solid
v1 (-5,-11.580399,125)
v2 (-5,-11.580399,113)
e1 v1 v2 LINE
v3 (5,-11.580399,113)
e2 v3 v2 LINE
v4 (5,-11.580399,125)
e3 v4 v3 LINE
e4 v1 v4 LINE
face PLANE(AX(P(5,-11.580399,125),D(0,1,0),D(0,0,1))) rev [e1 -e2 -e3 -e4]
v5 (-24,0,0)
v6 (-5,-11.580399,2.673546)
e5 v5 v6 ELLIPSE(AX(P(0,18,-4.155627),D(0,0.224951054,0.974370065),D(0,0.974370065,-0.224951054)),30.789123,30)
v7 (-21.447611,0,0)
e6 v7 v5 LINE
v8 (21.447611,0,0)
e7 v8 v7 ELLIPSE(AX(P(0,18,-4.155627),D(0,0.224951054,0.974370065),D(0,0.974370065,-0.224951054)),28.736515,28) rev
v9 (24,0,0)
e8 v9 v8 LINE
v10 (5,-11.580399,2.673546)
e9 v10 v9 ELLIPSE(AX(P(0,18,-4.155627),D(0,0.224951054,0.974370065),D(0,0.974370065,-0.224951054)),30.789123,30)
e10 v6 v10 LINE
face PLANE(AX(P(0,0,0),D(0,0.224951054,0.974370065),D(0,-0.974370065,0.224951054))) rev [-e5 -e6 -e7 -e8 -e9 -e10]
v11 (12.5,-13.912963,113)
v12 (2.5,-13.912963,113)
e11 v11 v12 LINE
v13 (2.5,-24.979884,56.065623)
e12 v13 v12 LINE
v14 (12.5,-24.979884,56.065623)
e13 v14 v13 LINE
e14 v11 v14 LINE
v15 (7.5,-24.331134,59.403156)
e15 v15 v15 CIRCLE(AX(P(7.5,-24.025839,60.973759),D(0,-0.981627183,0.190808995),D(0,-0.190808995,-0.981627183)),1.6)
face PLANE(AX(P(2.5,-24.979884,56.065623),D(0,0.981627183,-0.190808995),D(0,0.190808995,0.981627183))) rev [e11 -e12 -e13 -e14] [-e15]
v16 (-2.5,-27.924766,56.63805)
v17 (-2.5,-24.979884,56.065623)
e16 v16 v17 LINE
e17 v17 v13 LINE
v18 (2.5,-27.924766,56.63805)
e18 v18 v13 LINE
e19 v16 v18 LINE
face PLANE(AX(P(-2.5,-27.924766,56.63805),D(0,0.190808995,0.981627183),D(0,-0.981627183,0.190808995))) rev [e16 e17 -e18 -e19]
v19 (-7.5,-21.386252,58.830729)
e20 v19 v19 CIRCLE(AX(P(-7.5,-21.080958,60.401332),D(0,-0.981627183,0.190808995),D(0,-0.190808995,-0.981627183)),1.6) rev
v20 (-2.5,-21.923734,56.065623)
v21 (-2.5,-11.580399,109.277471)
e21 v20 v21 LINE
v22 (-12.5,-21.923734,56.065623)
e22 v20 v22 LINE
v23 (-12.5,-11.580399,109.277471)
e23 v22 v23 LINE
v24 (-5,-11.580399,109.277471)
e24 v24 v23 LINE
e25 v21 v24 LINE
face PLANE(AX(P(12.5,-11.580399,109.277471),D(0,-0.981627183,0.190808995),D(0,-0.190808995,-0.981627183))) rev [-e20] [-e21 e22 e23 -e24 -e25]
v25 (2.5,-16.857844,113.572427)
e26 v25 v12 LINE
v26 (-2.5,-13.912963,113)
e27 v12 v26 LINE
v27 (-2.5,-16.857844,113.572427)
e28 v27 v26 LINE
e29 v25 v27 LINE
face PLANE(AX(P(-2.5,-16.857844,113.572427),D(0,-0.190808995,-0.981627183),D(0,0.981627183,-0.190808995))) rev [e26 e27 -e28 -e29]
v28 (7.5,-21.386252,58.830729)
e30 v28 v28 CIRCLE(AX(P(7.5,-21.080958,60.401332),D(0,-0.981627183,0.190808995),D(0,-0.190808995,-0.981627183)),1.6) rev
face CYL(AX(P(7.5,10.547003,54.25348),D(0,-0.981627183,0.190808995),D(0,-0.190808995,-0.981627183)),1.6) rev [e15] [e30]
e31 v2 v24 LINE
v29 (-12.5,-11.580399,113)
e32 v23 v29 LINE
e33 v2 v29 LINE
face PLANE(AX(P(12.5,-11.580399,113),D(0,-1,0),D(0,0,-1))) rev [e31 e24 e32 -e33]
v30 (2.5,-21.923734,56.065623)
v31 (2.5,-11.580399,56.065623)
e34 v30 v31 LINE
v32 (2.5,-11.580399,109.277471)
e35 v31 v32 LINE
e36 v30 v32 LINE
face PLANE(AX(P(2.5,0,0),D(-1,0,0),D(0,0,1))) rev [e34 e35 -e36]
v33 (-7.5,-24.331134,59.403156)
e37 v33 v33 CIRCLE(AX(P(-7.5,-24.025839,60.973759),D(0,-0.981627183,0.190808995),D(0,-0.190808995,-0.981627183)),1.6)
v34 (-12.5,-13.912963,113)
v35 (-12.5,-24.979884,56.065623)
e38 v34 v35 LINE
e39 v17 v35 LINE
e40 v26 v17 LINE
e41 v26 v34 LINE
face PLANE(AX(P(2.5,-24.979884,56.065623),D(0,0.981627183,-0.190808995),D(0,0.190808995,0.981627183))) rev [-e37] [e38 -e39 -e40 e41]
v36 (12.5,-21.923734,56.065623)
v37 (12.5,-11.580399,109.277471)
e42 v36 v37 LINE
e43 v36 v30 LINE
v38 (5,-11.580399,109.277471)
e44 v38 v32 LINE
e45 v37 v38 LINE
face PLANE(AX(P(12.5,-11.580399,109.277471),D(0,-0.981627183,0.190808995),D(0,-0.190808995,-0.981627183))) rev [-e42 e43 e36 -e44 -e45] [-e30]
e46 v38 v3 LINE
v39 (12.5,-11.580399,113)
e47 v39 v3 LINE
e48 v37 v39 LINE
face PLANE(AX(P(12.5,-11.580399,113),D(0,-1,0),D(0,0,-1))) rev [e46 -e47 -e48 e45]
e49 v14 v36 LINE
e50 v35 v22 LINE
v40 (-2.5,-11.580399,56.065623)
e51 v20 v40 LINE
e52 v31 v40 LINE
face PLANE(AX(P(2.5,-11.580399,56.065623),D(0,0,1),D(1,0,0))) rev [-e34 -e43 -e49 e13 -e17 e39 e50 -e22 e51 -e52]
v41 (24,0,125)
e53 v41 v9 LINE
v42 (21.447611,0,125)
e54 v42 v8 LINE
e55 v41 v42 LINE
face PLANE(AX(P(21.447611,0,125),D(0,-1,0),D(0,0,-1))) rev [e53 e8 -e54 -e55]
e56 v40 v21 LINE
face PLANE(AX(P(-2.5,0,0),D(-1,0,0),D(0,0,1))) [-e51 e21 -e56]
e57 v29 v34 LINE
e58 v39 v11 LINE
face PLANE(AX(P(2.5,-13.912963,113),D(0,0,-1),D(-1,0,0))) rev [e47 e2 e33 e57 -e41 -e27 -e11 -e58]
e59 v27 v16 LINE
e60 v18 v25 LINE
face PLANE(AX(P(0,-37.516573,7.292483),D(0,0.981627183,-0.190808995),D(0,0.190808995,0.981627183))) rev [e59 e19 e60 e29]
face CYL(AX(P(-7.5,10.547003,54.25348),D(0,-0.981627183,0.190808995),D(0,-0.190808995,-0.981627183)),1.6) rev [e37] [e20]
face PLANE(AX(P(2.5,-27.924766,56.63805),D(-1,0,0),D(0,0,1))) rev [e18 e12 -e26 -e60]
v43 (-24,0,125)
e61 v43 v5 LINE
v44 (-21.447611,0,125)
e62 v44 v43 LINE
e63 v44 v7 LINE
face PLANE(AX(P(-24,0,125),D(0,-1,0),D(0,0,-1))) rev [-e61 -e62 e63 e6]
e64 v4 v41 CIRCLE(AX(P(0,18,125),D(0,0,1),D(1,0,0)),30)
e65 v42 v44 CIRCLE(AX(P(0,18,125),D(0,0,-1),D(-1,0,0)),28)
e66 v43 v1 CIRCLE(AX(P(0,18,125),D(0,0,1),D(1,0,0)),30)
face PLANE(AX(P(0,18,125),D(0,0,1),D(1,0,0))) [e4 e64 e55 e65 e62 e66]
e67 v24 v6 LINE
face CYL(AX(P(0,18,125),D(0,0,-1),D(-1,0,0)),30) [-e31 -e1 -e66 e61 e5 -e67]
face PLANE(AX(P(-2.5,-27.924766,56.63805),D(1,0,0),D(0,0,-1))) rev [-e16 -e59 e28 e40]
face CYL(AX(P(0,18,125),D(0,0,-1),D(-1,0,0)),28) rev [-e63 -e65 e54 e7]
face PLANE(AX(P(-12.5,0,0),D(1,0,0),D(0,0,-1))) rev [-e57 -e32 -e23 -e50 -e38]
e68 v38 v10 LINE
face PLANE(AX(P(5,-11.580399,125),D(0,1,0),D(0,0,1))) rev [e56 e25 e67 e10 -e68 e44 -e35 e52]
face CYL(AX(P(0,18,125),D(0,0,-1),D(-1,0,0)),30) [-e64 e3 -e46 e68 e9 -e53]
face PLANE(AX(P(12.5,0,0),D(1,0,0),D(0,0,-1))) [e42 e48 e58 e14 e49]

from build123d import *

# Parameters (mm, degrees)
MAIN_DEPTH           = 125
SKETCH2_R            = 25
BEHINDCUT_DEPTH      = 128.808863695
CENTRALSUPPORT_DEPTH = 2.5
SIDESUPPORT_DEPTH    = 12.5
HOLEFIX_REACH        = 127.544
SKETCH6_R            = 1.6
SKETCH9_W            = 5
SKETCH9_H            = 58
BOSS_EXTRUDE4_DEPTH  = 3


with BuildPart() as part:
    # Sketch1 → Main (new body)
    with BuildSketch(Plane.XY):
        with BuildLine():
            Line((-24, 0), (-21.44761059, 0))
            ThreePointArc((-21.44761059, 0), (0, -10), (21.44761059, 0))
            Line((21.44761059, 0), (24, 0))
            ThreePointArc((24, 0), (15.613340762, -7.616861444), (5, -11.580398915))
            Line((5, -11.580398915), (-5, -11.580398915))
            ThreePointArc((-5, -11.580398915), (-15.613340762, -7.616861444), (-24, 0))
        make_face()
    extrude(amount=MAIN_DEPTH)

    # Sketch2 → BehindCut (cut, through all)
    with BuildSketch(Plane(origin=(0, 0, 0), x_dir=(1, 0, 0), z_dir=(0, 0.2249510543438655, 0.9743700647852351))):
        Circle(SKETCH2_R)
    extrude(amount=-BEHINDCUT_DEPTH, mode=Mode.SUBTRACT)

    # Sketch4 → CentralSupport (add, symmetric)
    with BuildSketch(Plane(origin=(0, 0, 0), x_dir=(0, 0, -1), z_dir=(1, 0, 0))):
        Polygon((-113, -11.580398915), (-56.06562336, -11.580398915), (-56.06562336, -24.979884357), (-113, -13.912962625), align=None)
    extrude(amount=CENTRALSUPPORT_DEPTH, both=True)

    # Sketch5 → SideSupport (add, symmetric)
    with BuildSketch(Plane(origin=(0, 0, 0), x_dir=(0, 0, -1), z_dir=(1, 0, 0))):
        Polygon((-56.06562336, -24.979884357), (-113, -13.912962625), (-113, -11.580398915), (-109.277470807, -11.580398915), (-56.06562336, -21.923734272), align=None)
    extrude(amount=SIDESUPPORT_DEPTH, both=True)

    # Sketch6 → HoleFix (cut, up to next)
    with BuildSketch(Plane(origin=(0, -34.571690998, 6.720055984), x_dir=(-1, 0, 0), z_dir=(0, -0.9816271834476653, 0.19080899537653823)), mode=Mode.PRIVATE) as holefix_sk1:
        with Locations((7.5, -55.269153308)):
            Circle(SKETCH6_R)
    holefix_tool1 = extrude(holefix_sk1.sketch, amount=-HOLEFIX_REACH, mode=Mode.PRIVATE) & part.part
    # Sketch6 → HoleFix (cut, up to next)
    with BuildSketch(Plane(origin=(0, -34.571690998, 6.720055984), x_dir=(-1, 0, 0), z_dir=(0, -0.9816271834476653, 0.19080899537653823)), mode=Mode.PRIVATE) as holefix_sk2:
        with Locations((-7.5, -55.269153308)):
            Circle(SKETCH6_R)
    holefix_tool2 = extrude(holefix_sk2.sketch, amount=-HOLEFIX_REACH, mode=Mode.PRIVATE) & part.part
    add(holefix_tool1.solids().sort_by_distance((-7.5, -24.025839, 60.973759))[0], mode=Mode.SUBTRACT)
    add(holefix_tool2.solids().sort_by_distance((7.5, -24.025839, 60.973759))[0], mode=Mode.SUBTRACT)

    # Sketch9 → Boss-Extrude4 (add)
    with BuildSketch(Plane(origin=(0, -34.571690998, 6.720055984), x_dir=(-1, 0, 0), z_dir=(0, -0.9816271834476653, 0.19080899537653823))):
        with Locations((0, -79.269153308)):
            Rectangle(SKETCH9_W, SKETCH9_H)
    extrude(amount=BOSS_EXTRUDE4_DEPTH)


solid = part.part
